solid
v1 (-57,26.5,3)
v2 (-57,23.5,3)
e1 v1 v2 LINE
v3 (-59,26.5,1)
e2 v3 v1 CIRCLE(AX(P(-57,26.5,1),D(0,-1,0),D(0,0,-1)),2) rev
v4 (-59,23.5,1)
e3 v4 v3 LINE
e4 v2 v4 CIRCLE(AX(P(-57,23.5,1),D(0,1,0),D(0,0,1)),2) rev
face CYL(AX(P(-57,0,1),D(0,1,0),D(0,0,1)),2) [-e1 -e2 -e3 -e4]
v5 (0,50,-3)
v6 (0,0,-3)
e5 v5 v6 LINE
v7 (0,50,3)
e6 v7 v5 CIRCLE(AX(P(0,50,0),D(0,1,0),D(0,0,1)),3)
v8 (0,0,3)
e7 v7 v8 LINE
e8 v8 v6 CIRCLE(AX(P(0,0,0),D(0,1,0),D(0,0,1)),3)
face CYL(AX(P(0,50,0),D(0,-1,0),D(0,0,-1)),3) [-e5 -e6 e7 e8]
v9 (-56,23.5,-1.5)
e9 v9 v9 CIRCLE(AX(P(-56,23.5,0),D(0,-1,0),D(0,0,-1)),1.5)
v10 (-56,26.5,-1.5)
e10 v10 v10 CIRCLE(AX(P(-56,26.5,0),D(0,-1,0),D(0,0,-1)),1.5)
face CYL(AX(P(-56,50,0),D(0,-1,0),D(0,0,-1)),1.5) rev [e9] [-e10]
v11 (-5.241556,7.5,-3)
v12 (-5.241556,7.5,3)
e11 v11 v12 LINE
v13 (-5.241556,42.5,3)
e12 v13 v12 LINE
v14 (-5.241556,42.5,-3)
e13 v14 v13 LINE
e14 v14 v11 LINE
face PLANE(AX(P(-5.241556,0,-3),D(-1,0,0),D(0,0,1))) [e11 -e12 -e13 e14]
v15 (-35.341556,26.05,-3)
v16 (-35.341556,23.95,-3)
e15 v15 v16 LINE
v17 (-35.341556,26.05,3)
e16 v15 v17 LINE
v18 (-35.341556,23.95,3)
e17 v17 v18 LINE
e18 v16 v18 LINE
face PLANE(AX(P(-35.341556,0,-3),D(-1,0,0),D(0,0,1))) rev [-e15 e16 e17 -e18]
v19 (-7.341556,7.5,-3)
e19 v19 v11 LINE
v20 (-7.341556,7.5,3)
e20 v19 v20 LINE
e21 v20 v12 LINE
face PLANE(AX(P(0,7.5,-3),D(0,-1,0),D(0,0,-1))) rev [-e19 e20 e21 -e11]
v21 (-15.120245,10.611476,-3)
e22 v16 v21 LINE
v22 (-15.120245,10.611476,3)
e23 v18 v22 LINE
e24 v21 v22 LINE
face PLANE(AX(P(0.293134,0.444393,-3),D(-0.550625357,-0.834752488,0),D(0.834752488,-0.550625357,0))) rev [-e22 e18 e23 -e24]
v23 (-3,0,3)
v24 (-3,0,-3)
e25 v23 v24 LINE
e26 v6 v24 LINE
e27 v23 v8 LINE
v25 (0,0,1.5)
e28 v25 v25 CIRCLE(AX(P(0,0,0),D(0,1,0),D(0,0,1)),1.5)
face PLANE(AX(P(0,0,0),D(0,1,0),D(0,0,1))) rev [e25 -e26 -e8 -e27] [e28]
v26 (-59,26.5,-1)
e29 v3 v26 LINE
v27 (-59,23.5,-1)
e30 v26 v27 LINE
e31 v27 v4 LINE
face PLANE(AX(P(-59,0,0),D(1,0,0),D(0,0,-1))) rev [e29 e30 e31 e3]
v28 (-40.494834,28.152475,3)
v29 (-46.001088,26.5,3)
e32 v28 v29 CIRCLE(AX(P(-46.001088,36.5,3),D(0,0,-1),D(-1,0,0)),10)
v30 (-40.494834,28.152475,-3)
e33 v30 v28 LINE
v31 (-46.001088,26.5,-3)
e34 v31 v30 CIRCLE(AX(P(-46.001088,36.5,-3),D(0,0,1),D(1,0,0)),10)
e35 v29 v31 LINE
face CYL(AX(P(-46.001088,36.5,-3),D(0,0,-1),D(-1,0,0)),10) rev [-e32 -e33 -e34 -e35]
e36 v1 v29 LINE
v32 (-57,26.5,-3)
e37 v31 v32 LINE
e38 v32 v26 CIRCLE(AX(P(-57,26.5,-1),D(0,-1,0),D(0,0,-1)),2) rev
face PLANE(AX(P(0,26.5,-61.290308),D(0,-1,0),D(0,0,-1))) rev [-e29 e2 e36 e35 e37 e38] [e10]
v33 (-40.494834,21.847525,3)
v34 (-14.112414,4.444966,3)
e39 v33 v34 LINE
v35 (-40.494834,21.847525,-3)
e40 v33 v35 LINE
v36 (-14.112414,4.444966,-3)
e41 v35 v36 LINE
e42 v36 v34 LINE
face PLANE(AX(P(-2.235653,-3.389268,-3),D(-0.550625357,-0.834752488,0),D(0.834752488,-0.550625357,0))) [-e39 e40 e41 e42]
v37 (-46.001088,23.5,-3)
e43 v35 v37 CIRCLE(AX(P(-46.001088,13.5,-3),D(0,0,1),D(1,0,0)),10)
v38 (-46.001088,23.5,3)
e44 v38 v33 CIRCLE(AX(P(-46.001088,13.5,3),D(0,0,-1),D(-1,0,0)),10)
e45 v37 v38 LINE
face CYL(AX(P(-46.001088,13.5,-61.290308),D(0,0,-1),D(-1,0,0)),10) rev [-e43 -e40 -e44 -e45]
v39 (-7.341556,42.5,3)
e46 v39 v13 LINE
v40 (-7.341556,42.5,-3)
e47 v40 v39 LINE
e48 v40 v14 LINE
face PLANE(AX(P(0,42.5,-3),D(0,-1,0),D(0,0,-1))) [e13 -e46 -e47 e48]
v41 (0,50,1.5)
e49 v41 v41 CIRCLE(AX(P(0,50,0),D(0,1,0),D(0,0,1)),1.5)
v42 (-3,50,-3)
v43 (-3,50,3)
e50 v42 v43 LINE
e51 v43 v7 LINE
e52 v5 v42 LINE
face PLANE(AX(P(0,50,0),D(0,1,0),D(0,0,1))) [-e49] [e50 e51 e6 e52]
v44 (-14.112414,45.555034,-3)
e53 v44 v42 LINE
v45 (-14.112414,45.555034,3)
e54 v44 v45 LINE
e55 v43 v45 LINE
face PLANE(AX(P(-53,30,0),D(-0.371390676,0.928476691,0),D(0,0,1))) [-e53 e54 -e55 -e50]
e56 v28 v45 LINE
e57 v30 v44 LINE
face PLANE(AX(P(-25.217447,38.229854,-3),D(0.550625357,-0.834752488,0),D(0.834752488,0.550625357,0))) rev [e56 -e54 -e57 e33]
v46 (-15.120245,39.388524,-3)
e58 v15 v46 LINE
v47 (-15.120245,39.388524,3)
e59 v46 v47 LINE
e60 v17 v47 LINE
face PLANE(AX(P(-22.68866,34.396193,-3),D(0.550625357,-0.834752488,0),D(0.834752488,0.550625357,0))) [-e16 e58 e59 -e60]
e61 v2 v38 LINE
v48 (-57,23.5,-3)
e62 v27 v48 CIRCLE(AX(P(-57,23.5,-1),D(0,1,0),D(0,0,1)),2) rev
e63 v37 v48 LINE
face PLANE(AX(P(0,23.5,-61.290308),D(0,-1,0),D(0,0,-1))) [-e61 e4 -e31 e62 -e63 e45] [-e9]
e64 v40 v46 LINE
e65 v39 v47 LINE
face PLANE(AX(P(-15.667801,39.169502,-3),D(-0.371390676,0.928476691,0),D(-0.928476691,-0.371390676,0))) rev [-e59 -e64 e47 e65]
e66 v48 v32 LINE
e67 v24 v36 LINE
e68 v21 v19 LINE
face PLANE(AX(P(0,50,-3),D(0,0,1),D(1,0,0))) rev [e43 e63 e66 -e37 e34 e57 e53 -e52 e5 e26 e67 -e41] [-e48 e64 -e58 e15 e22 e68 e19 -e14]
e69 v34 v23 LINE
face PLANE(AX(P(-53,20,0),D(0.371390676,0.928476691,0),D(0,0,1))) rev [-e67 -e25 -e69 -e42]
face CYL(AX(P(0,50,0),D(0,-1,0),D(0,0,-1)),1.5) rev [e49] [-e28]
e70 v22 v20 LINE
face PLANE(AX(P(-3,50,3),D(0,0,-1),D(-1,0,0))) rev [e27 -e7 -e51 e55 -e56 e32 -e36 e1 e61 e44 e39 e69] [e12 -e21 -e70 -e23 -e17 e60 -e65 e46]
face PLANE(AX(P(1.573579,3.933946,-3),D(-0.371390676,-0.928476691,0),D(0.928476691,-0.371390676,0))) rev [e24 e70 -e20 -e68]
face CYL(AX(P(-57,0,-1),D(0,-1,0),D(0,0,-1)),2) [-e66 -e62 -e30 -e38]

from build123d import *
from OCP.BRepFilletAPI import BRepFilletAPI_MakeChamfer

# Parameters (mm, degrees)
SKETCH1_R           = 1.5
BOSS_EXTRUDE1_DEPTH = 50
SKETCH2_W           = 6
SKETCH2_H           = 50
BOSS_EXTRUDE2_DEPTH = 50
CHAMFER1_SIZE       = 50
CHAMFER1_SIZE2      = 20
SKETCH4_W           = 6
SKETCH4_H           = 3
BOSS_EXTRUDE3_DEPTH = 6
SKETCH5_R           = 1.5
CUT_EXTRUDE1_DEPTH  = 65.747586828
CHAMFER2_SIZE       = 1
CHAMFER2_SIZE2      = 1.795054936
FILLET1_R           = 2
CUT_EXTRUDE2_DEPTH  = 6
CUT_EXTRUDE3_DEPTH  = 78.569323834
BOSS_EXTRUDE5_DEPTH = 6
CUT_EXTRUDE4_DEPTH  = 78.569323834
FILLET2_R           = 10


with BuildPart() as part:
    # Sketch1 → Boss-Extrude1 (new body)
    with BuildSketch(Plane(origin=(0, 0, 0), x_dir=(1, 0, 0), z_dir=(0, 1, 0))):
        with BuildLine():
            Line((0, 3), (-3, 3))
            Line((-3, 3), (-3, -3))
            Line((-3, -3), (0, -3))
            ThreePointArc((0, -3), (3, 0), (0, 3))
        make_face()
        with Locations(Location((0, 0, 0), (0, 0, 270))):
            Circle(SKETCH1_R, mode=Mode.SUBTRACT)
    extrude(amount=BOSS_EXTRUDE1_DEPTH)

    # Sketch2 → Boss-Extrude2 (add)
    with BuildSketch(Plane.ZY.offset(3)):
        with Locations((0, 25)):
            Rectangle(SKETCH2_W, SKETCH2_H)
    extrude(amount=BOSS_EXTRUDE2_DEPTH)

    # Chamfer1: one chamfer whose edges measure the first distance from different faces: ONE call of the kernel's chamfer builder (chamfer() names one face for all edges)
    chamfer1_edges_1 = [part.edges().sort_by_distance(p)[0] for p in [
        (-53, 50, 0),
    ]]
    chamfer1_side_1 = [part.faces().sort_by_distance(p)[0] for p in [
        (-25.86838725, 50, 0),
    ]]
    chamfer1_edges_2 = [part.edges().sort_by_distance(p)[0] for p in [
        (-53, 0, 0),
    ]]
    chamfer1_side_2 = [part.faces().sort_by_distance(p)[0] for p in [
        (-25.86838725, 0, 0),
    ]]
    chamfer1 = BRepFilletAPI_MakeChamfer(part.part.solid().wrapped)
    for e in chamfer1_edges_1:
        chamfer1.Add(CHAMFER1_SIZE, CHAMFER1_SIZE2, e.wrapped, chamfer1_side_1[0].wrapped)  # the first distance lies on this face
    for e in chamfer1_edges_2:
        chamfer1.Add(CHAMFER1_SIZE, CHAMFER1_SIZE2, e.wrapped, chamfer1_side_2[0].wrapped)  # the first distance lies on this face
    add(Compound.cast(chamfer1.Shape()), mode=Mode.REPLACE)

    # Sketch4 → Boss-Extrude3 (add)
    with BuildSketch(Plane.ZY.offset(53)):
        with Locations((0, 25)):
            Rectangle(SKETCH4_W, SKETCH4_H)
    extrude(amount=BOSS_EXTRUDE3_DEPTH)

    # Sketch5 → Cut-Extrude1 (cut, through all)
    with BuildSketch(Plane.XZ.offset(-23.5)):
        with Locations(Location((-56, 0, 0), (0, 0, 270))):
            Circle(SKETCH5_R)
    extrude(amount=-CUT_EXTRUDE1_DEPTH, mode=Mode.SUBTRACT)

    # Chamfer2: one chamfer whose edges measure the first distance from different faces: ONE call of the kernel's chamfer builder (chamfer() names one face for all edges)
    chamfer2_edges_1 = [part.edges().sort_by_distance(p)[0] for p in [
        (-53, 30, 0),
    ]]
    chamfer2_side_1 = [part.faces().sort_by_distance(p)[0] for p in [
        (-28, 40, 0),
    ]]
    chamfer2_edges_2 = [part.edges().sort_by_distance(p)[0] for p in [
        (-53, 20, 0),
    ]]
    chamfer2_side_2 = [part.faces().sort_by_distance(p)[0] for p in [
        (-28, 10, 0),
    ]]
    chamfer2 = BRepFilletAPI_MakeChamfer(part.part.solid().wrapped)
    for e in chamfer2_edges_1:
        chamfer2.Add(CHAMFER2_SIZE, CHAMFER2_SIZE2, e.wrapped, chamfer2_side_1[0].wrapped)  # the first distance lies on this face
    for e in chamfer2_edges_2:
        chamfer2.Add(CHAMFER2_SIZE, CHAMFER2_SIZE2, e.wrapped, chamfer2_side_2[0].wrapped)  # the first distance lies on this face
    add(Compound.cast(chamfer2.Shape()), mode=Mode.REPLACE)

    # Fillet1
    fillet1_edges = [part.edges().sort_by_distance(p)[0] for p in [
        (-59, 25, 3),
        (-59, 25, -3),
    ]]
    fillet(fillet1_edges, radius=FILLET1_R)

    # Sketch6 → Cut-Extrude2 (cut)
    with BuildSketch(Plane.XY.offset(3)):
        Polygon((-7.907152331, 5), (-5.507152331, 5), (-5.507152331, 45), (-7.907152331, 45), (-47.164370978, 29.297112541), (-47.907152331, 27.563956051), (-47.907152331, 22.436043949), (-47.164370978, 20.702887459), align=None)
    extrude(amount=-CUT_EXTRUDE2_DEPTH, mode=Mode.SUBTRACT)

    # Sketch7 → Cut-Extrude3 (cut, through all)
    with BuildSketch(Plane.XY.offset(3)):
        Polygon((-53, 28.204945064), (-53, 26.5), (-47.907152331, 26.5), (-47.907152331, 27.563956051), (-47.164370978, 29.297112541), (-25.810496084, 37.838662499), (-14.112413915, 45.555034434), (-52.071523309, 30.371390676), align=None)
        Polygon((-47.907152331, 23.5), (-53, 23.5), (-53, 21.795054936), (-52.071523309, 19.628609324), (-14.112413915, 4.444965566), (-25.810496084, 12.161337501), (-47.164370978, 20.702887459), (-47.907152331, 22.436043949), align=None)
    extrude(amount=-CUT_EXTRUDE3_DEPTH, mode=Mode.SUBTRACT)


with BuildPart() as cut_extrude3_piece_1:
    # of the separate pieces the step leaves, piece 1, a body of its own (cut_extrude3_pieces)
    add(part.part.solids().sort_by_distance((-3, 50, -3))[0])



with BuildPart() as cut_extrude3_piece_2:
    # of the separate pieces the step leaves, piece 2, a body of its own (cut_extrude3_pieces)
    add(part.part.solids().sort_by_distance((-57, 26.5, -3))[0])


with BuildPart() as cut_extrude3_piece_1_1:
    add(cut_extrude3_piece_1.part)

    add(cut_extrude3_piece_2.part)  # Boss-Extrude5 merges Cut-Extrude3 piece 2
    # Sketch7<3> → Boss-Extrude5 (add)
    with BuildSketch(Plane.XY.offset(3)):
        Polygon((-43, 26.5), (-53, 26.5), (-53, 23.5), (-43, 23.5), (-14.112413915, 4.444965566), (-3, 0), (-3, 50), (-14.112413915, 45.555034434), align=None)
    extrude(amount=-BOSS_EXTRUDE5_DEPTH)

    # Sketch8 → Cut-Extrude4 (cut, through all)
    with BuildSketch(Plane.XY.offset(3)):
        Polygon((-35.341555741, 26.05), (-15.120245482, 39.388524104), (-7.341555741, 42.5), (-5.241555741, 42.5), (-5.241555741, 7.5), (-7.341555741, 7.5), (-15.120245482, 10.611475896), (-35.341555741, 23.95), align=None)
    extrude(amount=-CUT_EXTRUDE4_DEPTH, mode=Mode.SUBTRACT)

    # Fillet2
    fillet2_edges = [cut_extrude3_piece_1_1.edges().sort_by_distance(p)[0] for p in [
        (-43, 23.5, 0),
        (-43, 26.5, 0),
    ]]
    fillet(fillet2_edges, radius=FILLET2_R)


solid = cut_extrude3_piece_1_1.part
